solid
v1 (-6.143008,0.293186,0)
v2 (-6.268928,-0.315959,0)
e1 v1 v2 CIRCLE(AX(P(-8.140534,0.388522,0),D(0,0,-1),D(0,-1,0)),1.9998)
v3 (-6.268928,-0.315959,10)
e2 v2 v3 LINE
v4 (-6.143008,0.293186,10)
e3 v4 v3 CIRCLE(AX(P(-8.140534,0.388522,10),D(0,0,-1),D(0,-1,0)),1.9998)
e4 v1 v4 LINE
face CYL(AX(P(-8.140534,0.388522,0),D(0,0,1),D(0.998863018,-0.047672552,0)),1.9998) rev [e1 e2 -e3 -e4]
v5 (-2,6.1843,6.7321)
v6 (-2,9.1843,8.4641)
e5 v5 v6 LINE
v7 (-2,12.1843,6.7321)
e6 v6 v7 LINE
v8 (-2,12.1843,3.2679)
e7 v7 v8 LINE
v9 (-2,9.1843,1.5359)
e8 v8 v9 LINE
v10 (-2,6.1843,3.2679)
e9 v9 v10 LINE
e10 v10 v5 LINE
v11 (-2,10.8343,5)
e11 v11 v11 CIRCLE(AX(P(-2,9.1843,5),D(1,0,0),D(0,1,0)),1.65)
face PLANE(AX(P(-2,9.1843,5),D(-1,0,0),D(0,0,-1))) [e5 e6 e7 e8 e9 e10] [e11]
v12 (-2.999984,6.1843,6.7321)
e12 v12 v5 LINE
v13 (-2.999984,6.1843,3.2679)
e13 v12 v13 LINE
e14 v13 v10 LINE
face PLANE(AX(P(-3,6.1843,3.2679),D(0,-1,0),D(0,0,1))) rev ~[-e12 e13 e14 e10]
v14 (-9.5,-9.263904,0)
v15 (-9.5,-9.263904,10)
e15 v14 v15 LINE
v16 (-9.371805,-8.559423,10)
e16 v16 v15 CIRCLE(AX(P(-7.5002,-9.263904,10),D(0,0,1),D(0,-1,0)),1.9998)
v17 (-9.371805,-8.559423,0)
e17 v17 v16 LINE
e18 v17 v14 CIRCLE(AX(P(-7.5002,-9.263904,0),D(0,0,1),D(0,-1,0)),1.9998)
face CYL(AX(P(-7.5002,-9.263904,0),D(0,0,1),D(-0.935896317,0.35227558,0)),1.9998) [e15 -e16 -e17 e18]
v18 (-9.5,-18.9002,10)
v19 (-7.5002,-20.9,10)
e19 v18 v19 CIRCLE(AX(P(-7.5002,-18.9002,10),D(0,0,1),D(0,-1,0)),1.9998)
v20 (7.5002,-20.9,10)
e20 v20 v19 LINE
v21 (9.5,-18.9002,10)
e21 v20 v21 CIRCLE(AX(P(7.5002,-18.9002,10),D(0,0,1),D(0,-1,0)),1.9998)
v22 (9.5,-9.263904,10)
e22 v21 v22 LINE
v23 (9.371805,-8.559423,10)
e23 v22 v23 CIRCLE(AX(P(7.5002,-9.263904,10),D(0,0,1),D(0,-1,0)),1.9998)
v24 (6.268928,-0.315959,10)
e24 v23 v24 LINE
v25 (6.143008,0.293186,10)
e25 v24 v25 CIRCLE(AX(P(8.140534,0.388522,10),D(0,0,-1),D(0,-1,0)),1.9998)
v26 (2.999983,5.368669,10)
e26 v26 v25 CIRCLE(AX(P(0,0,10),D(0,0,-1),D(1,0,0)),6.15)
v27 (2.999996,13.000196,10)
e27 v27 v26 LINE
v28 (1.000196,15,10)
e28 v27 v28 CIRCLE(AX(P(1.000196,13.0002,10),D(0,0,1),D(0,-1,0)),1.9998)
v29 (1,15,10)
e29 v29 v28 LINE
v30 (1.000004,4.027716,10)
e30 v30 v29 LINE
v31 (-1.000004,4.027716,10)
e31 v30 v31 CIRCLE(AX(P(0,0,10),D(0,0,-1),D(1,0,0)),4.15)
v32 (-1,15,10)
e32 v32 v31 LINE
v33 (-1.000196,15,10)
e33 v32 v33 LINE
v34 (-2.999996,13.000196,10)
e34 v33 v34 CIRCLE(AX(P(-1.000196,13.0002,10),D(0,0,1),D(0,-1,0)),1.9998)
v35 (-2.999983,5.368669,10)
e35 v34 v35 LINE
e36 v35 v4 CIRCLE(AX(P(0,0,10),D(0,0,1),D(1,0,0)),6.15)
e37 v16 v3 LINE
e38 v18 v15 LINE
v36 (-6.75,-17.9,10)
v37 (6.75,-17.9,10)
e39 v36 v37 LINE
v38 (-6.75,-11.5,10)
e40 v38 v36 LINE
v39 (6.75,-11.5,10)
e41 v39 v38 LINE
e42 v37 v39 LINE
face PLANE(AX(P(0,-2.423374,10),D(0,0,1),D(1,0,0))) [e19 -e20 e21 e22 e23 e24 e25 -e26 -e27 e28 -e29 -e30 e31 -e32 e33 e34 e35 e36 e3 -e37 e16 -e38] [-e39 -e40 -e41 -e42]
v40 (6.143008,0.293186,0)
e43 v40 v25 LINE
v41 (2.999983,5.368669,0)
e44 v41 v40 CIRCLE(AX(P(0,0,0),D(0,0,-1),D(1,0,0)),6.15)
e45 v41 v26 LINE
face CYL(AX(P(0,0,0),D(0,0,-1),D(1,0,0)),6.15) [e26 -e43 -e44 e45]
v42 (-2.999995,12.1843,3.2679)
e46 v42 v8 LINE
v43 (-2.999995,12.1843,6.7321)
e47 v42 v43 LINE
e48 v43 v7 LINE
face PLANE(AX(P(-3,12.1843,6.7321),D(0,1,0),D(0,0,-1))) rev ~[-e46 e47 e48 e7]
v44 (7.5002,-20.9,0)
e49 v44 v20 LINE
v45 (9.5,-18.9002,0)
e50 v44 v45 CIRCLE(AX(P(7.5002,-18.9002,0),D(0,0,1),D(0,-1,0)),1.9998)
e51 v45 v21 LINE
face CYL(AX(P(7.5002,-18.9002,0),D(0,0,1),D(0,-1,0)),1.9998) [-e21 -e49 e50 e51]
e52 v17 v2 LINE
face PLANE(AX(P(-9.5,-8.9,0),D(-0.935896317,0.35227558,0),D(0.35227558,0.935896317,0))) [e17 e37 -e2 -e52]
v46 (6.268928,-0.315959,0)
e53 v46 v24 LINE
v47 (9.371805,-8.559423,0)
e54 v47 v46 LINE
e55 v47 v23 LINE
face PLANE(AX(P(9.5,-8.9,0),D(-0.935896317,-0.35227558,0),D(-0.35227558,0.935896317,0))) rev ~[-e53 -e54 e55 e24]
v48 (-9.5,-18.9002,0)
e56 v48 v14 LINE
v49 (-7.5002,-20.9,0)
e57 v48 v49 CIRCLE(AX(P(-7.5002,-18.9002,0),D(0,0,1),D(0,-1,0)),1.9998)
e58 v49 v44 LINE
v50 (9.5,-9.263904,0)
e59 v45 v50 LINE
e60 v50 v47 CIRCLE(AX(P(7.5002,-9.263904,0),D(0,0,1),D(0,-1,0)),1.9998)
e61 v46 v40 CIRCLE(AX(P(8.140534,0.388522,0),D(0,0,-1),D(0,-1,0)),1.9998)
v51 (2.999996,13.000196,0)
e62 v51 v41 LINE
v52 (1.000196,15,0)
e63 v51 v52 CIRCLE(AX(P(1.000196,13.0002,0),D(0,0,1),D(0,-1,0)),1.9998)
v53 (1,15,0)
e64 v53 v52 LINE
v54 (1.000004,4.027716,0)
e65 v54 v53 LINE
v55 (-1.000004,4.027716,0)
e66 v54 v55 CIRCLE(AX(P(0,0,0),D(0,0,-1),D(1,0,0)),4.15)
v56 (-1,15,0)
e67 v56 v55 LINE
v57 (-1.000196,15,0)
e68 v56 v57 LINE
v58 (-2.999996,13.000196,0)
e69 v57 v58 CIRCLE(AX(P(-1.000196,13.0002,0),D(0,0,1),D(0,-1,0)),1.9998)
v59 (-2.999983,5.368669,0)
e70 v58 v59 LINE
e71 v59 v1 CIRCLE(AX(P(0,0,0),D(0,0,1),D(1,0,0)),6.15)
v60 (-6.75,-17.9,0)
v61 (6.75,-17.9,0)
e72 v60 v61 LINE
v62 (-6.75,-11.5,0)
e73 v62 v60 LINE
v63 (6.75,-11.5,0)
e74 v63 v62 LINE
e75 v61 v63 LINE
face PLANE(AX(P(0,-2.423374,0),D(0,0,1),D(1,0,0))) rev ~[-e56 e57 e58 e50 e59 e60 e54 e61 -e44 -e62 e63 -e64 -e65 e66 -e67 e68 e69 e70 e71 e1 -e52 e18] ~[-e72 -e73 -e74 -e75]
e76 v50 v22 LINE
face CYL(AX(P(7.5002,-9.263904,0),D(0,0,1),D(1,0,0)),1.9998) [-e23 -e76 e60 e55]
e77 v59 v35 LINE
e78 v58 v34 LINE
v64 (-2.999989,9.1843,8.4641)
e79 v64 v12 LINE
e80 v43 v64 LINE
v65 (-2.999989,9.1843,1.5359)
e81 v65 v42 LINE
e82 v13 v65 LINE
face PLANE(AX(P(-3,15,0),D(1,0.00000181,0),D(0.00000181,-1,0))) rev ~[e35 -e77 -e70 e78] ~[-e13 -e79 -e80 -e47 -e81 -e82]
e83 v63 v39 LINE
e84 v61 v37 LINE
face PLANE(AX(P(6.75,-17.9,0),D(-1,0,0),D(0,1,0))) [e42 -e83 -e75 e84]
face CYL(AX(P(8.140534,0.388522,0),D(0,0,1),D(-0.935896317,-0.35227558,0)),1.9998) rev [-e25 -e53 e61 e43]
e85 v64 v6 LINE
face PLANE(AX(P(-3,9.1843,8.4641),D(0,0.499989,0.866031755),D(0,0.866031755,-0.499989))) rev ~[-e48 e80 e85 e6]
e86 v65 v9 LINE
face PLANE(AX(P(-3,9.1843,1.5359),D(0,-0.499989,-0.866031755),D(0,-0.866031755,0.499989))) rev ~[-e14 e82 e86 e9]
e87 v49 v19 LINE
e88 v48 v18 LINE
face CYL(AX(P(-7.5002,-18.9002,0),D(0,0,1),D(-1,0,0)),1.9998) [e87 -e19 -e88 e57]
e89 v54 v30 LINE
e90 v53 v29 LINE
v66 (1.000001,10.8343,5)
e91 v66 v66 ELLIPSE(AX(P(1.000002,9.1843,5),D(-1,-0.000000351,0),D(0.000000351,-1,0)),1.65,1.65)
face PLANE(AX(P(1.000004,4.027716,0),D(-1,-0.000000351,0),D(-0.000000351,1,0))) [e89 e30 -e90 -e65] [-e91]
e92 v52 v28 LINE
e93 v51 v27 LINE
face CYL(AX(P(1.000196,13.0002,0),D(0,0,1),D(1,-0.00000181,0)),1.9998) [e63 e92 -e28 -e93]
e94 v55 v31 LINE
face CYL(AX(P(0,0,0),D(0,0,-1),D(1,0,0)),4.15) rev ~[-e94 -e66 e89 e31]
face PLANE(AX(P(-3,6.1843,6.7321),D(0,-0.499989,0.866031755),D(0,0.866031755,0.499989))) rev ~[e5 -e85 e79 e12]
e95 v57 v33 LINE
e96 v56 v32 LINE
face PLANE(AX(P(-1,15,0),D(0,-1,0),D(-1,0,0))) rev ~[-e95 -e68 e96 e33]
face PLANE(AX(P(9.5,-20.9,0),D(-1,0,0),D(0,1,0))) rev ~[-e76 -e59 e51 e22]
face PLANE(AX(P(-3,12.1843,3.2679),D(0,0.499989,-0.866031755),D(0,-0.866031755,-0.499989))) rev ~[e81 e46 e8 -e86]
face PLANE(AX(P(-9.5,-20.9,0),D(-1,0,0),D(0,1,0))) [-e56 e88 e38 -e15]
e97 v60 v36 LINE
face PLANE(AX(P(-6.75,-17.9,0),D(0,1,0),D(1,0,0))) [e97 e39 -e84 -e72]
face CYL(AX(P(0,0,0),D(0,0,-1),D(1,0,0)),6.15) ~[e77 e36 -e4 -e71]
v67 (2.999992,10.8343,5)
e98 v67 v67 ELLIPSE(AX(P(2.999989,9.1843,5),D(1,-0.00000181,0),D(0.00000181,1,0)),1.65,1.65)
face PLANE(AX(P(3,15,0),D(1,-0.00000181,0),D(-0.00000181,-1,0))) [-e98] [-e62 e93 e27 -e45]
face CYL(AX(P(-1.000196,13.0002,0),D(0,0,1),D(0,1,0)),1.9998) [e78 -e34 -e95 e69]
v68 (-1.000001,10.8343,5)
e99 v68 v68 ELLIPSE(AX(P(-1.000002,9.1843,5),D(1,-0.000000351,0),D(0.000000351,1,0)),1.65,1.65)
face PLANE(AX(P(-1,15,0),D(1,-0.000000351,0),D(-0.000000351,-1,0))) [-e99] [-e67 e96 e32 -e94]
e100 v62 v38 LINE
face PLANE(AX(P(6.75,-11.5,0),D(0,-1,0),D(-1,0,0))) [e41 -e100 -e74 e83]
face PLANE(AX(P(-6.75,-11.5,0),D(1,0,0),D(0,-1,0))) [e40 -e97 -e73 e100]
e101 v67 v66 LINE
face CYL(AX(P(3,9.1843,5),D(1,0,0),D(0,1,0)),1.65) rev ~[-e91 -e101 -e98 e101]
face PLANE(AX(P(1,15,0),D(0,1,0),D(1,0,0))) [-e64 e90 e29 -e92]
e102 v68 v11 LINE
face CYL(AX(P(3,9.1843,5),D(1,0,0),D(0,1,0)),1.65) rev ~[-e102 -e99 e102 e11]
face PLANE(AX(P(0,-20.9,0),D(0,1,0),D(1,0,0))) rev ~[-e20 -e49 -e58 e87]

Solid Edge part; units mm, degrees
sketch "Sketch1" plane through (0, 0, 0) normal (0, 0, 1) x (1, 0, 0)
  line L0 (6.75, -11.5) -> (-6.75, -11.5)
  line L1 (-6.75, -11.5) -> (-6.75, -17.9)
  line L2 (-6.75, -17.9) -> (6.75, -17.9)
  line L3 (6.75, -17.9) -> (6.75, -11.5)
  line L4 (0, -20.9) -> (9.5, -20.9)
  line L5 (9.5, -20.9) -> (9.5, -8.9)
  line L6 (9.5, -8.9) -> (6.15, 0)
  arc A0 (3, 5.3687) -> (6.15, 0) centre (0, 0) cw
  line L7 (3, 15) -> (3, 5.3687)
  line L8 (1, 15) -> (3, 15)
  line L9 (1, 4.0277) -> (1, 15)
  line L10 (-1, 15) -> (-1, 4.0277)
  line L11 (-1, 15) -> (-3, 15)
  line L12 (-3, 15) -> (-3, 5.3687)
  line L13 (-9.5, -8.9) -> (-6.15, 0)
  line L14 (-9.5, -20.9) -> (-9.5, -8.9)
  line L15 (0, -20.9) -> (-9.5, -20.9)
  arc A1 (1, 4.0277) -> (-1, 4.0277) centre (0, 0) cw
  arc A2 (-3, 5.3687) -> (-6.15, 0) centre (0, 0) ccw
extrude "Protrusion1" add sketch "Sketch1" along normal blind 10
fillet "Round_1" radius 2 8 edges at (-9.5, -20.9, 5) (9.5, -20.9, 5) (9.5, -8.9, 5) (-9.5, -8.9, 5) (6.15, 0, 5) (-6.15, 0, 5) (-3, 15, 5) (3, 15, 5)
sketch "Sketch2" plane through (3, 9.1843, 5) normal (1, 0, 0) x (0, 1, 0)
  circle A0 centre (0, 0) radius 1.65
extrude "ExtrudedCutout_1" cut sketch "Sketch2" against normal blind 6
sketch "Sketch3" plane through (-3, 9.1843, 5) normal (-1, 0, 0) x (0, -1, 0)
  line L0 (3, 1.7321) -> (0, 3.4641)
  line L1 (0, 3.4641) -> (-3, 1.7321)
  line L2 (-3, 1.7321) -> (-3, -1.7321)
  line L3 (-3, -1.7321) -> (0, -3.4641)
  line L4 (0, -3.4641) -> (3, -1.7321)
  line L5 (3, -1.7321) -> (3, 1.7321)
extrude "ExtrudedCutout_2" cut sketch "Sketch3" against normal blind 1
